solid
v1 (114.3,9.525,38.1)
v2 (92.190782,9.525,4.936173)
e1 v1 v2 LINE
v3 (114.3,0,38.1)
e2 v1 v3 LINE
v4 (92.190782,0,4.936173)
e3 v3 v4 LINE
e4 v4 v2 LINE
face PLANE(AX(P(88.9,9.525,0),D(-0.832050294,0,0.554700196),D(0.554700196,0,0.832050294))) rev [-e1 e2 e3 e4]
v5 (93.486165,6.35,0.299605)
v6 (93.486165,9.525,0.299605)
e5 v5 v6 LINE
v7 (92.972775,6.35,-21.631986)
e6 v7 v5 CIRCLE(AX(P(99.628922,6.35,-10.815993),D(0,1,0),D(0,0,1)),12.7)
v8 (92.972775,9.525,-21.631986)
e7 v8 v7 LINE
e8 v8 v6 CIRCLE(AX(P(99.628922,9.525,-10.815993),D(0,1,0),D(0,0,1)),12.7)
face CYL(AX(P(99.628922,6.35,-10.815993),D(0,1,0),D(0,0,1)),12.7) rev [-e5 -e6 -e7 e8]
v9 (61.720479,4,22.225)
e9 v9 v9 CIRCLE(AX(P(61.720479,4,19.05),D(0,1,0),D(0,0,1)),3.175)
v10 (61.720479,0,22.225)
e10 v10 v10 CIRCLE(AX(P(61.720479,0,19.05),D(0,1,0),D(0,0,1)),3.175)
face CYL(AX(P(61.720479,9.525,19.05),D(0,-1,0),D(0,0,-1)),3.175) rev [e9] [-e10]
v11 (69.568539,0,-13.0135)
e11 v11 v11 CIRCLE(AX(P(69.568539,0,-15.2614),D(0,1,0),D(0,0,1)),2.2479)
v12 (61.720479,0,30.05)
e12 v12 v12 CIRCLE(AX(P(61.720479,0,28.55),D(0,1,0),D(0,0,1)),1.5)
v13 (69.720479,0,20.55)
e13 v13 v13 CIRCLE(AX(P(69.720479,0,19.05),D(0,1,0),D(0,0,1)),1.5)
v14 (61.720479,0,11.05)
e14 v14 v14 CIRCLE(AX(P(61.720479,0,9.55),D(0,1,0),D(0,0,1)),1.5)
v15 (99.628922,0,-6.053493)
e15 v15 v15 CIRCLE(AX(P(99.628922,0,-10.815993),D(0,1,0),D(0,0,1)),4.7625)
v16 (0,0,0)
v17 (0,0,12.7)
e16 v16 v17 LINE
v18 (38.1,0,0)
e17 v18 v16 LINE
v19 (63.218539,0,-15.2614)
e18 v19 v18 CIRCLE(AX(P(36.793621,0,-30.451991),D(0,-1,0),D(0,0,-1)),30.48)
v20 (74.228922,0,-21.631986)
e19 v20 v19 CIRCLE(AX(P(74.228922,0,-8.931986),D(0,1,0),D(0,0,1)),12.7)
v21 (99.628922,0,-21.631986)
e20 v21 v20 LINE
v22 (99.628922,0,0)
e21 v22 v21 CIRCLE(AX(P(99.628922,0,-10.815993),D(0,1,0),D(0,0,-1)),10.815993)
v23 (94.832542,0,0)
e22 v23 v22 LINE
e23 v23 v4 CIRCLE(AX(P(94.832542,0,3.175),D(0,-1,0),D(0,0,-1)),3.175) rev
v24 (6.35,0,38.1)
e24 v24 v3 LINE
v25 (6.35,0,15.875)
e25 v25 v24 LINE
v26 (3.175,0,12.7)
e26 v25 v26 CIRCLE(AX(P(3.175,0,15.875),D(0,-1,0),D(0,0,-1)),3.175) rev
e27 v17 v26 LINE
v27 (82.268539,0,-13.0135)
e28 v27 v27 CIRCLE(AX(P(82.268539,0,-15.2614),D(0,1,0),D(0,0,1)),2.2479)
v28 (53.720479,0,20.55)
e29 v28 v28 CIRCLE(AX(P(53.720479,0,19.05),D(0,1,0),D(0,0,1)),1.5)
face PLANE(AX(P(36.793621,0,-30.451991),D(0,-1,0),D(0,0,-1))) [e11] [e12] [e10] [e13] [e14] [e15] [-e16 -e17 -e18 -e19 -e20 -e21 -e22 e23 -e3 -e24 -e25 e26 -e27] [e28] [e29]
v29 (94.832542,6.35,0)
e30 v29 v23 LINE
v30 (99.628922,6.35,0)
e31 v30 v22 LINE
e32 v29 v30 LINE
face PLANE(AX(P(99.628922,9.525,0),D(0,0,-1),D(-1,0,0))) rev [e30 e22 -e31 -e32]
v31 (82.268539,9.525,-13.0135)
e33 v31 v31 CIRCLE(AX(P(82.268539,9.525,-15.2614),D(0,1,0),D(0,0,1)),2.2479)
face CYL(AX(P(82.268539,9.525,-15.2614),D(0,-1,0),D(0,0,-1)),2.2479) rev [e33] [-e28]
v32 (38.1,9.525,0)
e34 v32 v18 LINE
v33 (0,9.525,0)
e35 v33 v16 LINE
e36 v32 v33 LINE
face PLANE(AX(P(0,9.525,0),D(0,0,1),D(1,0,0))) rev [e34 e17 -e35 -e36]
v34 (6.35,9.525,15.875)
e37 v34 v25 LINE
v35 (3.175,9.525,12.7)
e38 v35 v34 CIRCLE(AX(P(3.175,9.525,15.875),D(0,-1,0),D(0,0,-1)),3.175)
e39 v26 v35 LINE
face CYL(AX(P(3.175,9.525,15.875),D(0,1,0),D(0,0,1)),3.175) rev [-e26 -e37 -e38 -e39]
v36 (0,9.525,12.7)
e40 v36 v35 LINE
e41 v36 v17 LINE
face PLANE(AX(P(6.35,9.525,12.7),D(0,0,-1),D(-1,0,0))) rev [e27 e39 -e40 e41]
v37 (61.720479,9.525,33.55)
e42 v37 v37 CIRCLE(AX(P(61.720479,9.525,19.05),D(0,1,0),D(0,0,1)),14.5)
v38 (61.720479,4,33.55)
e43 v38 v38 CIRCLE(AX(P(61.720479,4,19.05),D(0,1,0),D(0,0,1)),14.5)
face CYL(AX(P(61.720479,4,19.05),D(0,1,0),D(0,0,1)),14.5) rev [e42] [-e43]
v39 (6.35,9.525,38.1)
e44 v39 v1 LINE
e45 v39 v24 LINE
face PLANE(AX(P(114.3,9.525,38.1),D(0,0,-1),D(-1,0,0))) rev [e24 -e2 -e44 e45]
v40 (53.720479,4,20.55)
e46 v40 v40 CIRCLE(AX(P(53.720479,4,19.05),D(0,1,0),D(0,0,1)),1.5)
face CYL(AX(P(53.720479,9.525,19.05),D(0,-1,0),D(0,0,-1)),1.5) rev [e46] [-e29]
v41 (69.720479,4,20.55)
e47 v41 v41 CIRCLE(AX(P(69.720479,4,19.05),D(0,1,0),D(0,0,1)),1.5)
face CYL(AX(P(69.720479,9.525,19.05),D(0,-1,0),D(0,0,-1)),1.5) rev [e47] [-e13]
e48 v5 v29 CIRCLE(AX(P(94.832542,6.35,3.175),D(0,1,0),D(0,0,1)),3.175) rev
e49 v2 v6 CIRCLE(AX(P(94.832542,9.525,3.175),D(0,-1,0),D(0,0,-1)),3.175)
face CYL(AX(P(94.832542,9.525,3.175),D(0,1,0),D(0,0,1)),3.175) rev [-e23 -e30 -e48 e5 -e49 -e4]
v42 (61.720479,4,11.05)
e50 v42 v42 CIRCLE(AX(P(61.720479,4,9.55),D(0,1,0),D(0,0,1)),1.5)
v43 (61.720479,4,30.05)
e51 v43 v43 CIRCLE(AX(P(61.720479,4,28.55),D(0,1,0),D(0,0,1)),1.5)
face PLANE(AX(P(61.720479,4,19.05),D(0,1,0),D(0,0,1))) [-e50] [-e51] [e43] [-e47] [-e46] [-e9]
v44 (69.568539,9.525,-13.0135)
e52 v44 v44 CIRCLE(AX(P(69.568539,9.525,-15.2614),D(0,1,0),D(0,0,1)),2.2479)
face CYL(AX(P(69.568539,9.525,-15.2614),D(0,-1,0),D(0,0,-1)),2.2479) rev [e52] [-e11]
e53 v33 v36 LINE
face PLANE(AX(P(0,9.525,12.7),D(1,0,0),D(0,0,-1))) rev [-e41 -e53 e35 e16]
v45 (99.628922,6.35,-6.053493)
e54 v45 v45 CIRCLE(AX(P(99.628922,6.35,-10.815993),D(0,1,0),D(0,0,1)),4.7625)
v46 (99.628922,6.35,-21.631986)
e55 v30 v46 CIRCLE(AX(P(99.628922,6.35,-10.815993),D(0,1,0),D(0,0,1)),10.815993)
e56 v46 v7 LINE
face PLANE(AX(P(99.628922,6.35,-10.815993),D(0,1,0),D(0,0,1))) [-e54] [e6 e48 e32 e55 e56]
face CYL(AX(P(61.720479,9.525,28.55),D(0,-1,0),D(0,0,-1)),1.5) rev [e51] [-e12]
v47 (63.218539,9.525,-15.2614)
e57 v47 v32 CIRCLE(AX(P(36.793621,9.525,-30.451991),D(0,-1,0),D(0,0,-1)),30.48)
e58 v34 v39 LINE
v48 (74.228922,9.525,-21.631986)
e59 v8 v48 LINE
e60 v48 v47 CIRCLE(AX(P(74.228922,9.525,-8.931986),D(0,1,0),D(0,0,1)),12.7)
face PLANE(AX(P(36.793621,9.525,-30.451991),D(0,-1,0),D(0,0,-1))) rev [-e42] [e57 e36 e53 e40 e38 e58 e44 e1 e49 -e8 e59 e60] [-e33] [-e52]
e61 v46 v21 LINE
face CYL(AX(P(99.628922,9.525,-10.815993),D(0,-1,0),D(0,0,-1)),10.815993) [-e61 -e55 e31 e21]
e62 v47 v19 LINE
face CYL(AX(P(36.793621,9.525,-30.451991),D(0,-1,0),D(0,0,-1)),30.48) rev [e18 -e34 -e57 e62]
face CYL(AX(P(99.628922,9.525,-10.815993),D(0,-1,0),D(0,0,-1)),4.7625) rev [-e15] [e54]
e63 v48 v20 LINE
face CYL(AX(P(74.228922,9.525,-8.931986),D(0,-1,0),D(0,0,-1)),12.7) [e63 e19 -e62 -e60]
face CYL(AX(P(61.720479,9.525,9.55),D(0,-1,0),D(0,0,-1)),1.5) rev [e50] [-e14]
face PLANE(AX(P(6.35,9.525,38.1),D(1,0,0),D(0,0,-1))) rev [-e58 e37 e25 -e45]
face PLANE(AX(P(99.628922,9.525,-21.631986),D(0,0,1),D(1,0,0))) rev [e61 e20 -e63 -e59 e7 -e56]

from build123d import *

# Parameters (mm, degrees)
SKETCH1_R           = 4.7625
SKETCH1_R_2         = 2.2479
SKETCH1_R_3         = 1.5
SKETCH1_R_4         = 3.175
BOSS_EXTRUDE1_DEPTH = 9.525
FILLET1_R           = 3.175
FILLET2_R           = 3.175
SKETCH2_R           = 14.5
CUT_EXTRUDE1_DEPTH  = 5.525
SKETCH3_R           = 12.7
CUT_EXTRUDE2_DEPTH  = 3.175


with BuildPart() as part:
    # Sketch1 → Boss-Extrude1 (new body)
    with BuildSketch(Plane(origin=(0, 0, 0), x_dir=(1, 0, 0), z_dir=(0, 1, 0))):
        with BuildLine():
            Line((0, 0), (38.1, 0))
            ThreePointArc((38.1, 0), (52.620300687, 4.403064286), (63.218539249, 15.261399634))
            ThreePointArc((63.218539249, 15.261399634), (67.86863694, 19.924564568), (74.228922018, 21.631986448))
            Line((74.228922018, 21.631986448), (99.628922018, 21.631986448))
            ThreePointArc((99.628922018, 21.631986448), (110.444915242, 10.815993224), (99.628922018, 0))
            Line((99.628922018, 0), (88.9, 0))
            Line((88.9, 0), (114.3, -38.1))
            Line((114.3, -38.1), (6.35, -38.1))
            Line((6.35, -38.1), (6.35, -12.7))
            Line((6.35, -12.7), (0, -12.7))
            Line((0, -12.7), (0, 0))
        make_face()
        with Locations((99.628922018, 10.815993224)):
            Circle(SKETCH1_R, mode=Mode.SUBTRACT)
        with Locations((69.568539249, 15.261399634)):
            Circle(SKETCH1_R_2, mode=Mode.SUBTRACT)
        with Locations((82.268539249, 15.261399634)):
            Circle(SKETCH1_R_2, mode=Mode.SUBTRACT)
        with Locations((69.720479044, -19.05)):
            Circle(SKETCH1_R_3, mode=Mode.SUBTRACT)
        with Locations((61.720479044, -28.55)):
            Circle(SKETCH1_R_3, mode=Mode.SUBTRACT)
        with Locations((53.720479044, -19.05)):
            Circle(SKETCH1_R_3, mode=Mode.SUBTRACT)
        with Locations((61.720479044, -9.55)):
            Circle(SKETCH1_R_3, mode=Mode.SUBTRACT)
        with Locations((61.720479044, -19.05)):
            Circle(SKETCH1_R_4, mode=Mode.SUBTRACT)
    extrude(amount=BOSS_EXTRUDE1_DEPTH)

    # Fillet1
    fillet1_edges = [part.edges().sort_by_distance(p)[0] for p in [
        (88.9, 4.7625, 0),
    ]]
    fillet(fillet1_edges, radius=FILLET1_R)

    # Fillet2
    fillet2_edges = [part.edges().sort_by_distance(p)[0] for p in [
        (6.35, 4.7625, 12.7),
    ]]
    fillet(fillet2_edges, radius=FILLET2_R)

    # Sketch2 → Cut-Extrude1 (cut)
    with BuildSketch(Plane(origin=(0, 9.525, 0), x_dir=(1, 0, 0), z_dir=(0, 1, 0))):
        with Locations((61.720479044, -19.05)):
            Circle(SKETCH2_R)
    extrude(amount=-CUT_EXTRUDE1_DEPTH, mode=Mode.SUBTRACT)

    # Sketch3 → Cut-Extrude2 (cut)
    with BuildSketch(Plane(origin=(0, 9.525, 0), x_dir=(1, 0, 0), z_dir=(0, 1, 0))):
        with Locations((99.628922018, 10.815993224)):
            Circle(SKETCH3_R)
    extrude(amount=-CUT_EXTRUDE2_DEPTH, mode=Mode.SUBTRACT)


solid = part.part
